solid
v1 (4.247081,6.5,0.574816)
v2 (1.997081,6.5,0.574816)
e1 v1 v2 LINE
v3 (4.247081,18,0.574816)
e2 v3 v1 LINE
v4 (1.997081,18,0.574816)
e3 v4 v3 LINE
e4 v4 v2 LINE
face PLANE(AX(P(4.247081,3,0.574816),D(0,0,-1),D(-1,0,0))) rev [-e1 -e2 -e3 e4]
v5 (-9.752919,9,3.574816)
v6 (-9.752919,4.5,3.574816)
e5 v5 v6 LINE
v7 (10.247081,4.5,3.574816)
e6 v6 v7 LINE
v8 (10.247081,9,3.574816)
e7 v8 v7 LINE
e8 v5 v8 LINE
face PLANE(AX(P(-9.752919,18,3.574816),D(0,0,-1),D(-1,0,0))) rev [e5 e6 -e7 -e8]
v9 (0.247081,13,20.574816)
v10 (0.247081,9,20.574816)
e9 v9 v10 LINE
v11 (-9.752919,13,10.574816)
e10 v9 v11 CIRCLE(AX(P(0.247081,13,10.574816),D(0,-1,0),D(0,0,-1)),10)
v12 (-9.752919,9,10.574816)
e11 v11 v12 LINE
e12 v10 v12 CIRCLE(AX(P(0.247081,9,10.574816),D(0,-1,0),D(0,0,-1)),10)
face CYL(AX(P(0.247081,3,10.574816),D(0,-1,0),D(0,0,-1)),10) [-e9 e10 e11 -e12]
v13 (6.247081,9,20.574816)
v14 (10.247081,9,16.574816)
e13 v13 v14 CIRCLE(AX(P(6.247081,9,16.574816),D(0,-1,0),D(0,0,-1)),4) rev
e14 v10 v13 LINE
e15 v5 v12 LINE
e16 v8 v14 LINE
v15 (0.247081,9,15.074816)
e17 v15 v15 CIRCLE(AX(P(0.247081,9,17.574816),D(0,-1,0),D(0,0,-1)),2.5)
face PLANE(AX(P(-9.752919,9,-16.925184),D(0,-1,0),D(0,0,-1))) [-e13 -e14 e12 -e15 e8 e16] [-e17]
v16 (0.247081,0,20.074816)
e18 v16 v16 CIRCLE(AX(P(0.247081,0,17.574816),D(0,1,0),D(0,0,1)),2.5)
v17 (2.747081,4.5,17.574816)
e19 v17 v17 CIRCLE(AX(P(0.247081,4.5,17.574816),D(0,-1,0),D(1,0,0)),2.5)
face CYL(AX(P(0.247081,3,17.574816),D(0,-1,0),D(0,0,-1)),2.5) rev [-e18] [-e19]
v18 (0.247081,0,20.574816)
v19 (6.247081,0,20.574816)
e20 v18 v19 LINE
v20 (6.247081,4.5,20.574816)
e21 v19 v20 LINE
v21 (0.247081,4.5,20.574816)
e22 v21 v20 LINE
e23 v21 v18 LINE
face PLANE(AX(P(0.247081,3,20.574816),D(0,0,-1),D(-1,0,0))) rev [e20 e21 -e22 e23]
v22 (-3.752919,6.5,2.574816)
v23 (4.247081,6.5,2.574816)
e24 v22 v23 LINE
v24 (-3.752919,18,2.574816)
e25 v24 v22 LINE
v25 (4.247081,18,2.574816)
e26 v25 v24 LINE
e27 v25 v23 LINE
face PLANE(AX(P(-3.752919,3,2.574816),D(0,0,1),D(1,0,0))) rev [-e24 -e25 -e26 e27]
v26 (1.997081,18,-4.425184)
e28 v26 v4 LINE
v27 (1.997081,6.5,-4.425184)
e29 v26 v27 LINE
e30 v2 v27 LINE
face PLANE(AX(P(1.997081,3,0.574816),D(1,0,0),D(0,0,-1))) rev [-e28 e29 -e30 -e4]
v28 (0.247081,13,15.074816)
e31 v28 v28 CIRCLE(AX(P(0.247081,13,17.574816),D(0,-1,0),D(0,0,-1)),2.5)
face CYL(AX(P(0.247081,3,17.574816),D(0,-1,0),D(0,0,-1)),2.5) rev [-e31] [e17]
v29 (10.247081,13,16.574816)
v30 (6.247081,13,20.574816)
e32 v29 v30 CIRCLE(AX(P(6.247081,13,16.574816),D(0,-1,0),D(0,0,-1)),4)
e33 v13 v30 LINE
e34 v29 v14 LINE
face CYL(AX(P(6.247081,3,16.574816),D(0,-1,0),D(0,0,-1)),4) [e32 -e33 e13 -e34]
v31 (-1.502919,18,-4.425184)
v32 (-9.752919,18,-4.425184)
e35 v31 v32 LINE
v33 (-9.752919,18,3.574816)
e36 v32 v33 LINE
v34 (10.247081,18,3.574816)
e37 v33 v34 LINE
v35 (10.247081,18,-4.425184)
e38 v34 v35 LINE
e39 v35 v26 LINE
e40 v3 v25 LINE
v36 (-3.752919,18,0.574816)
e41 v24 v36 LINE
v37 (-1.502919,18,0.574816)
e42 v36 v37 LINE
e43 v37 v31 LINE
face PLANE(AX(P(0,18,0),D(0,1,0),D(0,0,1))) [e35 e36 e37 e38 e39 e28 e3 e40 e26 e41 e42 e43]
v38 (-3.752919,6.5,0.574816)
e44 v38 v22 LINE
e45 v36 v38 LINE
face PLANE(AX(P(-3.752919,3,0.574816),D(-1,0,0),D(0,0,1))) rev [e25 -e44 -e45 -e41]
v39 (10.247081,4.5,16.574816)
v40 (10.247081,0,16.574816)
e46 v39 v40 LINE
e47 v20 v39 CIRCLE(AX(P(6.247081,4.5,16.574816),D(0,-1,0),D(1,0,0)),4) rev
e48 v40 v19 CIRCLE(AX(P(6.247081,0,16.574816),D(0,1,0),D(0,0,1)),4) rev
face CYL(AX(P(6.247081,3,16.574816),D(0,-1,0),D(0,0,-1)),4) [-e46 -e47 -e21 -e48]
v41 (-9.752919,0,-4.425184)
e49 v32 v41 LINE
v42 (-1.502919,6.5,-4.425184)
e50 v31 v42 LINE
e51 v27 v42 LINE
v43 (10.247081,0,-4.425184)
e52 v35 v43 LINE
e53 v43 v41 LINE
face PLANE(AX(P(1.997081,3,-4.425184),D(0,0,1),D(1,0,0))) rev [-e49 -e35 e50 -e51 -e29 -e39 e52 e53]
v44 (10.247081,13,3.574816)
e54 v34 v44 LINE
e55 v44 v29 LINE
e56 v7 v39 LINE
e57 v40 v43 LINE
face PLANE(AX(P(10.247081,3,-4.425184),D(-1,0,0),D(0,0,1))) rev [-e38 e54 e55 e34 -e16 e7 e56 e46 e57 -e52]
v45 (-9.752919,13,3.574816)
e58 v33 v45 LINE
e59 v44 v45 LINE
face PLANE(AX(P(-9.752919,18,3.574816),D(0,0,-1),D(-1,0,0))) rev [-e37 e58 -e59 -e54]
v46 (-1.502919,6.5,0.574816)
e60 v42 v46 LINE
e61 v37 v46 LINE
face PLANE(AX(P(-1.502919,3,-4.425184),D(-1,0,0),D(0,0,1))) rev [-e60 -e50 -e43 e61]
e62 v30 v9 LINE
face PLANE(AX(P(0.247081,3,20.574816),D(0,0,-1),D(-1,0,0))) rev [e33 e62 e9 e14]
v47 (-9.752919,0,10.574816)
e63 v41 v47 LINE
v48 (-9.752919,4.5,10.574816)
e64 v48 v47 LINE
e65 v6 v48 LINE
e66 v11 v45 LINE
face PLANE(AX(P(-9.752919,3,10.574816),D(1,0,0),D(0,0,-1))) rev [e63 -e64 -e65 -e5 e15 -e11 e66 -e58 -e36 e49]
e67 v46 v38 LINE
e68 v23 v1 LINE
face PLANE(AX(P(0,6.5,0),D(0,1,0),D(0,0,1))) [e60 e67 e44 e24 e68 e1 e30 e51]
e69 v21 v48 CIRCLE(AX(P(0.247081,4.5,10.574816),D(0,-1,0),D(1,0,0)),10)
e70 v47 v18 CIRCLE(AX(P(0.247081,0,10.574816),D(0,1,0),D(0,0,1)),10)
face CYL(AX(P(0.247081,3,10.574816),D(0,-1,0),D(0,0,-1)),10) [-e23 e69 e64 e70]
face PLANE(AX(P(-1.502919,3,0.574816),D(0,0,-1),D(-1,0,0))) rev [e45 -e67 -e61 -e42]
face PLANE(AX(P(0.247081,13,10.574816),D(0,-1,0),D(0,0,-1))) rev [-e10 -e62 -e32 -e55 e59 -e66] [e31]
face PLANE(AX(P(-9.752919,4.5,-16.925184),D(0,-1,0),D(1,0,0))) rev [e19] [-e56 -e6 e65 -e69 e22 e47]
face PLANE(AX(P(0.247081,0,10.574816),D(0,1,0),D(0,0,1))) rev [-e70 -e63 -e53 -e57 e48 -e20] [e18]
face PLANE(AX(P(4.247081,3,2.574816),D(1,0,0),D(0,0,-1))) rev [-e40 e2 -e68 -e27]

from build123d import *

# Parameters (mm, degrees)
CROQUIS1_R              = 2.5
SALIENTE_EXTRUIR1_DEPTH = 3
REDONDEO1_R             = 4
SALIENTE_EXTRUIR2_DEPTH = 15
CROQUIS3_W              = 9.109730849
CROQUIS3_H              = 7.453923598
SALIENTE_EXTRUIR3_DEPTH = 4
CROQUIS4_R              = 2.5
SALIENTE_EXTRUIR4_DEPTH = 13
CROQUIS5_W              = 20
CROQUIS5_H              = 4.5
CORTAR_EXTRUIR1_DEPTH   = 17
CORTAR_EXTRUIR2_DEPTH   = 6.5


with BuildPart() as part:
    # Croquis1 → Saliente-Extruir1 (new body)
    with BuildSketch(Plane(origin=(0, 0, 0), x_dir=(1, 0, 0), z_dir=(0, 1, 0))):
        with BuildLine():
            Line((-1.502919204, 4.425183821), (-1.502919204, -0.574816179))
            Line((-1.502919204, -0.574816179), (-3.752919204, -0.574816179))
            Line((-3.752919204, -0.574816179), (-3.752919204, -2.574816179))
            Line((-3.752919204, -2.574816179), (4.247080796, -2.574816179))
            Line((4.247080796, -2.574816179), (4.247080796, -0.574816179))
            Line((4.247080796, -0.574816179), (1.997080796, -0.574816179))
            Line((1.997080796, -0.574816179), (1.997080796, 4.425183821))
            Line((1.997080796, 4.425183821), (10.247080796, 4.425183821))
            Line((10.247080796, 4.425183821), (10.247080796, -9.382782341))
            Line((10.247080796, -9.382782341), (10.247080796, -20.574816179))
            Line((10.247080796, -20.574816179), (0.247080796, -20.574816179))
            ThreePointArc((0.247080796, -20.574816179), (-6.823987016, -17.645883991), (-9.752919204, -10.574816179))
            Line((-9.752919204, -10.574816179), (-9.752919204, 4.425183821))
            Line((-9.752919204, 4.425183821), (-1.502919204, 4.425183821))
        make_face()
        with Locations((0.247080796, -17.574816179)):
            Circle(CROQUIS1_R, mode=Mode.SUBTRACT)
    extrude(amount=SALIENTE_EXTRUIR1_DEPTH)

    # Redondeo1
    redondeo1_edges = [part.edges().sort_by_distance(p)[0] for p in [
        (10.247080796, 1.5, 20.574816179),
    ]]
    fillet(redondeo1_edges, radius=REDONDEO1_R)

    # Croquis2 → Saliente-Extruir2 (add)
    with BuildSketch(Plane(origin=(0, 3, 0), x_dir=(1, 0, 0), z_dir=(0, 1, 0))):
        Polygon((-9.752919204, -3.574816179), (10.247080796, -3.574816179), (10.247080796, 4.425183821), (1.997080796, 4.425183821), (1.997080796, -0.574816179), (4.247080796, -0.574816179), (4.247080796, -2.574816179), (-3.752919204, -2.574816179), (-3.752919204, -0.574816179), (-1.502919204, -0.574816179), (-1.502919204, 4.425183821), (-9.752919204, 4.425183821), align=None)
    extrude(amount=SALIENTE_EXTRUIR2_DEPTH)

    # Croquis3 → Saliente-Extruir3 (add)
    with BuildSketch(Plane.XZ):
        with Locations((0.202425252, -0.698222022)):
            Rectangle(CROQUIS3_W, CROQUIS3_H)
    extrude(amount=-SALIENTE_EXTRUIR3_DEPTH)

    # Croquis4 → Saliente-Extruir4 (add)
    with BuildSketch(Plane.XZ):
        with BuildLine():
            Line((-9.752919204, -4.425183821), (10.247080796, -4.425183821))
            Line((10.247080796, -4.425183821), (10.247080796, 16.574816179))
            ThreePointArc((10.247080796, 16.574816179), (9.075507921, 19.403243304), (6.247080796, 20.574816179))
            Line((6.247080796, 20.574816179), (0.247080796, 20.574816179))
            ThreePointArc((0.247080796, 20.574816179), (-6.823987016, 17.645883991), (-9.752919204, 10.574816179))
            Line((-9.752919204, 10.574816179), (-9.752919204, -4.425183821))
        make_face()
        with Locations((0.247080796, 17.574816179)):
            Circle(CROQUIS4_R, mode=Mode.SUBTRACT)
    extrude(amount=-SALIENTE_EXTRUIR4_DEPTH)

    # Croquis5 → Cortar-Extruir1 (cut)
    with BuildSketch(Plane.XY.offset(20.574816179)):
        with Locations((0.247080796, 6.75)):
            Rectangle(CROQUIS5_W, CROQUIS5_H)
    extrude(amount=-CORTAR_EXTRUIR1_DEPTH, mode=Mode.SUBTRACT)

    # Croquis6 → Cortar-Extruir2 (cut)
    with BuildSketch(Plane(origin=(0, 13, 0), x_dir=(1, 0, 0), z_dir=(0, 1, 0))):
        Polygon((-1.502919204, 4.425183821), (-1.502919204, -0.574816179), (-3.752919204, -0.574816179), (-3.752919204, -2.574816179), (4.247080796, -2.574816179), (4.247080796, -0.574816179), (1.997080796, -0.574816179), (1.997080796, 4.425183821), align=None)
    extrude(amount=-CORTAR_EXTRUIR2_DEPTH, mode=Mode.SUBTRACT)


solid = part.part
